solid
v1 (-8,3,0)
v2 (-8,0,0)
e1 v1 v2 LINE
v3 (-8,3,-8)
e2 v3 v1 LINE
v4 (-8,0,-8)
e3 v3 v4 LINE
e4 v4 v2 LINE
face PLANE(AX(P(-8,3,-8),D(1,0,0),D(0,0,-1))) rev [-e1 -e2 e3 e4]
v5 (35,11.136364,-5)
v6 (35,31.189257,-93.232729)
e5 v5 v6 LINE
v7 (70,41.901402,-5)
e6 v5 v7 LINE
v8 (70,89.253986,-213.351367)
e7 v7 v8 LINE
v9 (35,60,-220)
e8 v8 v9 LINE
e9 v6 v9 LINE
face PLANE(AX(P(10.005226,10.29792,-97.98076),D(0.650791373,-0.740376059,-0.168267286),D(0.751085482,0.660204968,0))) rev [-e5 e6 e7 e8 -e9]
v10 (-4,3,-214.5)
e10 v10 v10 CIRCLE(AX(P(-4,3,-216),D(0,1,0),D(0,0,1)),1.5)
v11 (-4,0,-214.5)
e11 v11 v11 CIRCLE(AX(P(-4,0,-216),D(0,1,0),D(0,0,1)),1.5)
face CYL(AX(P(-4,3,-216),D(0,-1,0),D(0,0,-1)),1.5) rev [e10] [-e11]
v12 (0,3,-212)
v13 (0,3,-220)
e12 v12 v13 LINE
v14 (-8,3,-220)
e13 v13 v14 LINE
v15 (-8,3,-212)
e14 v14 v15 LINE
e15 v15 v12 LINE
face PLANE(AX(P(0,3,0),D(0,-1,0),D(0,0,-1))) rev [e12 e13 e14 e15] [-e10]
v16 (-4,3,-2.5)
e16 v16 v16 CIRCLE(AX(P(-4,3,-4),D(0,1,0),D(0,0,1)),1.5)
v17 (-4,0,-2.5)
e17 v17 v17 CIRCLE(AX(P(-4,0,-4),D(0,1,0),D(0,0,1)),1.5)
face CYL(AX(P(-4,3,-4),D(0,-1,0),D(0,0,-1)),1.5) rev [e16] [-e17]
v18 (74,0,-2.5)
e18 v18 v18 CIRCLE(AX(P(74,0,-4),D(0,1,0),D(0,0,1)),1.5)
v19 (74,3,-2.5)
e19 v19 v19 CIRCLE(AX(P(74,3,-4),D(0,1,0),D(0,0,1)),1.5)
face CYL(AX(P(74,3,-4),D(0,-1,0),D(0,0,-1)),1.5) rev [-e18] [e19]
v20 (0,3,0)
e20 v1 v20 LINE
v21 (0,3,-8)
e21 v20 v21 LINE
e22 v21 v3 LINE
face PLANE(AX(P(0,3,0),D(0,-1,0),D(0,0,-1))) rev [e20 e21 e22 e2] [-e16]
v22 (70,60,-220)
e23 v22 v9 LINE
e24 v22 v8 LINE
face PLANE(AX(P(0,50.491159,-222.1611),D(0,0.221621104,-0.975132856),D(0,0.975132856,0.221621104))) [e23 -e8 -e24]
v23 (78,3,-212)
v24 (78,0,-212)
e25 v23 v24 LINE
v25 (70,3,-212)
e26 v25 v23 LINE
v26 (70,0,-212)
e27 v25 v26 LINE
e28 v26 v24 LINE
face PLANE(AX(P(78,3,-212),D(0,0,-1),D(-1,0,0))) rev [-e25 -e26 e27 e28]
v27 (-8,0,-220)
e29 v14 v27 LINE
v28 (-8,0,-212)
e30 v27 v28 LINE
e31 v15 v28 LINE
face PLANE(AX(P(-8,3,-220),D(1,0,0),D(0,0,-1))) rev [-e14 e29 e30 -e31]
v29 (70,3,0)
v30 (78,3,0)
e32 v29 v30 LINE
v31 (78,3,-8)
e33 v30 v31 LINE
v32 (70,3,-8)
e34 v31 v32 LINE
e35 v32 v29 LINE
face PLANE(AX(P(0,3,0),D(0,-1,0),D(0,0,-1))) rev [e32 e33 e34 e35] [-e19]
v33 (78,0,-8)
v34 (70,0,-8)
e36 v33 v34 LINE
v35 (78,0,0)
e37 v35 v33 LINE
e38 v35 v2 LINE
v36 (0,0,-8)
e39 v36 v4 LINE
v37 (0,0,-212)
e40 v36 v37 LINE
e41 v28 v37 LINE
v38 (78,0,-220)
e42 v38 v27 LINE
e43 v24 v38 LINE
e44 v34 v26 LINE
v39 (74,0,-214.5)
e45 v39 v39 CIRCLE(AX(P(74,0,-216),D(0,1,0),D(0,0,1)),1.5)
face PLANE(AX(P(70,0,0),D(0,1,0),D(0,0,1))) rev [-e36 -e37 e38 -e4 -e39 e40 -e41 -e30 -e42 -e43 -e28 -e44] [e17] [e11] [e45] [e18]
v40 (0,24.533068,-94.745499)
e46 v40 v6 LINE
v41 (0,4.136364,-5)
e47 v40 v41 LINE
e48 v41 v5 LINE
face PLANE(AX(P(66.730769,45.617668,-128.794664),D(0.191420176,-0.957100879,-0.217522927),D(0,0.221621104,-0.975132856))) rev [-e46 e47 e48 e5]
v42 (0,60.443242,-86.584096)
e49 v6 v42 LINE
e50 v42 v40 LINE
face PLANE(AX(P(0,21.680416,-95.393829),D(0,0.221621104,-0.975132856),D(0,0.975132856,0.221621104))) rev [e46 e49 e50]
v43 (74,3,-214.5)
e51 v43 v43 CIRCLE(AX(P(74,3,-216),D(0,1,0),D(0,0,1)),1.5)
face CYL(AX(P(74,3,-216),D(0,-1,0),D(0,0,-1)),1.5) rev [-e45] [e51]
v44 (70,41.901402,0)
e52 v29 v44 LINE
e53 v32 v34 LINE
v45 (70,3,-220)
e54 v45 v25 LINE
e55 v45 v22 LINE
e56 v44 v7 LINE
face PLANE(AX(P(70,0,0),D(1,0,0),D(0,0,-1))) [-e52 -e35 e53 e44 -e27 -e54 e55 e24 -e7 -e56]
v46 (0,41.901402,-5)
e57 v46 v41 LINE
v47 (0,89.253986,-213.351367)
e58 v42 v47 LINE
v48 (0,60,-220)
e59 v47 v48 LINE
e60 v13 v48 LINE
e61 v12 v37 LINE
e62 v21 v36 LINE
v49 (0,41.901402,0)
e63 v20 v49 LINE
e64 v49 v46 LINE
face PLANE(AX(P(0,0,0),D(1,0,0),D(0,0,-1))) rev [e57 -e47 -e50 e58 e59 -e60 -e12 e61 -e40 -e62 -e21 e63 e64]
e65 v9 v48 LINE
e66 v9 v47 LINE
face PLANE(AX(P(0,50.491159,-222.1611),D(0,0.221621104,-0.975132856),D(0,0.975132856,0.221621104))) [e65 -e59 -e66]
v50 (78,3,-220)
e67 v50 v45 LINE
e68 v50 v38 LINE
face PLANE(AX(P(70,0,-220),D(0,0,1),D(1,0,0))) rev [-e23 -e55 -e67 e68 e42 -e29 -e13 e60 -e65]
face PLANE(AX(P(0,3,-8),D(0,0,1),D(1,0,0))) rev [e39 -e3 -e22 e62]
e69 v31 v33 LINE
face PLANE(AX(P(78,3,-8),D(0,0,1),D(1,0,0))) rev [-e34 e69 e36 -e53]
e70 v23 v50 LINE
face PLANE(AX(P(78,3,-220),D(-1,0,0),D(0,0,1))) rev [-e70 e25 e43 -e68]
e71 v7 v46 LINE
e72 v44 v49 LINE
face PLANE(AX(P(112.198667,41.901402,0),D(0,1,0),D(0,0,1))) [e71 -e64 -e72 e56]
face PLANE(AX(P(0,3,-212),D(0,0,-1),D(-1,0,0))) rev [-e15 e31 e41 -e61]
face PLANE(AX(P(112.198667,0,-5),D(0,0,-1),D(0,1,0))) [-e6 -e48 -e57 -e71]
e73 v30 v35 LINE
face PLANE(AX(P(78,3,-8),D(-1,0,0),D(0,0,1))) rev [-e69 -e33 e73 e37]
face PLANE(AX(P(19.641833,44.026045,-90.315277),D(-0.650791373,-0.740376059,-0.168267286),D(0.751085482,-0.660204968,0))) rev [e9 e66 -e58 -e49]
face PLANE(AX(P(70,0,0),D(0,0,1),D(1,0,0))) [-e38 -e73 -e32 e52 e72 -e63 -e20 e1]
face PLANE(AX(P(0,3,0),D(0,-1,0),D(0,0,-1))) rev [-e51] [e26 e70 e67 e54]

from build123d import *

# Parameters (mm, degrees)
SKETCH3_W           = 220
SKETCH3_H           = 10
BOSS_EXTRUDE2_DEPTH = 70
BOSS_EXTRUDE3_DEPTH = 130
BOSS_EXTRUDE4_DEPTH = 225
CUT_EXTRUDE1_START  = -227.161631
CUT_EXTRUDE1_DEPTH  = 97.161631
BOSS_EXTRUDE5_REACH = 249.52
SKETCH9_W           = 5
SKETCH9_H           = 41.901402289
SKETCH10_W          = 13.70856438
SKETCH10_H          = 41.94949396
CUT_EXTRUDE2_DEPTH  = 248.520249593
SKETCH11_W          = 8
SKETCH11_H          = 8
SKETCH11_R          = 1.5
BOSS_EXTRUDE6_DEPTH = 3


with BuildPart() as part:
    # Sketch3 → Boss-Extrude2 (new body)
    with BuildSketch(Plane(origin=(0, 0, 0), x_dir=(0, 0, -1), z_dir=(1, 0, 0))):
        Polygon((220, 10), (220, 60), (0, 10), align=None)
        with Locations((110, 5)):
            Rectangle(SKETCH3_W, SKETCH3_H)
    extrude(amount=BOSS_EXTRUDE2_DEPTH)

    # Sketch4 → Boss-Extrude3 (add)
    with BuildSketch(Plane(origin=(0, 50.491159136, -222.161100196), x_dir=(-1, 0, 0), z_dir=(0, 0.22162110358896814, -0.9751328557914598))):
        Polygon((-70, 39.751328558), (-70, 9.751328558), (-35, 9.751328558), align=None)
        Polygon((0, 39.751328558), (-35, 9.751328558), (0, 9.751328558), align=None)
    extrude(amount=-BOSS_EXTRUDE3_DEPTH)

    # Sketch4<3> → Boss-Extrude4 (add)
    with BuildSketch(Plane(origin=(0, 50.491159136, -222.161100196), x_dir=(-1, 0, 0), z_dir=(0, 0.22162110358896814, -0.9751328557914598))):
        Polygon((-70, 39.751328558), (-70, 9.751328558), (-35, 9.751328558), align=None)
    extrude(amount=-BOSS_EXTRUDE4_DEPTH)

    # Sketch8 → Cut-Extrude1 (cut)
    with BuildSketch(Plane(origin=(0, 50.491159136, -222.161100196), x_dir=(-1, 0, 0), z_dir=(0, 0.22162110358896814, -0.9751328557914598)).offset(CUT_EXTRUDE1_START)):
        Polygon((-35, 9.751328558), (0, 2.925398567), (0, 9.751328558), align=None)
    extrude(amount=CUT_EXTRUDE1_DEPTH, mode=Mode.SUBTRACT)

    # Boss-Extrude5: up to this face of the body (flat: up to its plane)
    boss_extrude5_end = Plane(part.part.faces().sort_by_distance((70, 34.124937216, -122.542284952))[0])
    # Sketch9 → Boss-Extrude5 (add, up to the picked face)
    with BuildSketch(Plane.ZY, mode=Mode.PRIVATE) as boss_extrude5_sk1:
        with Locations((-2.5, 20.950701145)):
            Rectangle(SKETCH9_W, SKETCH9_H)
    boss_extrude5_tool1 = split(extrude(boss_extrude5_sk1.sketch, amount=-BOSS_EXTRUDE5_REACH, mode=Mode.PRIVATE), bisect_by=boss_extrude5_end, keep=Keep.BOTH, mode=Mode.PRIVATE)
    add(boss_extrude5_tool1.solids().sort_by(Axis((0, 20.950701, -2.5), (1, 0, 0)))[0])

    # Sketch10 → Cut-Extrude2 (cut, through all)
    with BuildSketch(Plane.ZY):
        with Locations((6.85428219, 20.97474698)):
            Rectangle(SKETCH10_W, SKETCH10_H)
    extrude(amount=-CUT_EXTRUDE2_DEPTH, mode=Mode.SUBTRACT)

    # Sketch11 → Boss-Extrude6 (add)
    # profile 1 of 4: a face of its own
    with BuildSketch(Plane(origin=(0, 0, 0), x_dir=(1, 0, 0), z_dir=(0, 1, 0))):
        with Locations((-4, 216)):
            Rectangle(SKETCH11_W, SKETCH11_H)
        with Locations(Location((-4, 216, 0), (0, 0, 270))):
            Circle(SKETCH11_R, mode=Mode.SUBTRACT)
    # profile 2 of 4: a face of its own
    with BuildSketch(Plane(origin=(0, 0, 0), x_dir=(1, 0, 0), z_dir=(0, 1, 0))):
        with Locations((74, 216)):
            Rectangle(SKETCH11_W, SKETCH11_H)
        with Locations(Location((74, 216, 0), (0, 0, 270))):
            Circle(SKETCH11_R, mode=Mode.SUBTRACT)
    # profile 3 of 4: a face of its own
    with BuildSketch(Plane(origin=(0, 0, 0), x_dir=(1, 0, 0), z_dir=(0, 1, 0))):
        with Locations((-4, 4)):
            Rectangle(SKETCH11_W, SKETCH11_H)
        with Locations(Location((-4, 4, 0), (0, 0, 270))):
            Circle(SKETCH11_R, mode=Mode.SUBTRACT)
    # profile 4 of 4: a face of its own
    with BuildSketch(Plane(origin=(0, 0, 0), x_dir=(1, 0, 0), z_dir=(0, 1, 0))):
        with Locations((74, 4)):
            Rectangle(SKETCH11_W, SKETCH11_H)
        with Locations(Location((74, 4, 0), (0, 0, 270))):
            Circle(SKETCH11_R, mode=Mode.SUBTRACT)
    extrude(amount=BOSS_EXTRUDE6_DEPTH)


solid = part.part
